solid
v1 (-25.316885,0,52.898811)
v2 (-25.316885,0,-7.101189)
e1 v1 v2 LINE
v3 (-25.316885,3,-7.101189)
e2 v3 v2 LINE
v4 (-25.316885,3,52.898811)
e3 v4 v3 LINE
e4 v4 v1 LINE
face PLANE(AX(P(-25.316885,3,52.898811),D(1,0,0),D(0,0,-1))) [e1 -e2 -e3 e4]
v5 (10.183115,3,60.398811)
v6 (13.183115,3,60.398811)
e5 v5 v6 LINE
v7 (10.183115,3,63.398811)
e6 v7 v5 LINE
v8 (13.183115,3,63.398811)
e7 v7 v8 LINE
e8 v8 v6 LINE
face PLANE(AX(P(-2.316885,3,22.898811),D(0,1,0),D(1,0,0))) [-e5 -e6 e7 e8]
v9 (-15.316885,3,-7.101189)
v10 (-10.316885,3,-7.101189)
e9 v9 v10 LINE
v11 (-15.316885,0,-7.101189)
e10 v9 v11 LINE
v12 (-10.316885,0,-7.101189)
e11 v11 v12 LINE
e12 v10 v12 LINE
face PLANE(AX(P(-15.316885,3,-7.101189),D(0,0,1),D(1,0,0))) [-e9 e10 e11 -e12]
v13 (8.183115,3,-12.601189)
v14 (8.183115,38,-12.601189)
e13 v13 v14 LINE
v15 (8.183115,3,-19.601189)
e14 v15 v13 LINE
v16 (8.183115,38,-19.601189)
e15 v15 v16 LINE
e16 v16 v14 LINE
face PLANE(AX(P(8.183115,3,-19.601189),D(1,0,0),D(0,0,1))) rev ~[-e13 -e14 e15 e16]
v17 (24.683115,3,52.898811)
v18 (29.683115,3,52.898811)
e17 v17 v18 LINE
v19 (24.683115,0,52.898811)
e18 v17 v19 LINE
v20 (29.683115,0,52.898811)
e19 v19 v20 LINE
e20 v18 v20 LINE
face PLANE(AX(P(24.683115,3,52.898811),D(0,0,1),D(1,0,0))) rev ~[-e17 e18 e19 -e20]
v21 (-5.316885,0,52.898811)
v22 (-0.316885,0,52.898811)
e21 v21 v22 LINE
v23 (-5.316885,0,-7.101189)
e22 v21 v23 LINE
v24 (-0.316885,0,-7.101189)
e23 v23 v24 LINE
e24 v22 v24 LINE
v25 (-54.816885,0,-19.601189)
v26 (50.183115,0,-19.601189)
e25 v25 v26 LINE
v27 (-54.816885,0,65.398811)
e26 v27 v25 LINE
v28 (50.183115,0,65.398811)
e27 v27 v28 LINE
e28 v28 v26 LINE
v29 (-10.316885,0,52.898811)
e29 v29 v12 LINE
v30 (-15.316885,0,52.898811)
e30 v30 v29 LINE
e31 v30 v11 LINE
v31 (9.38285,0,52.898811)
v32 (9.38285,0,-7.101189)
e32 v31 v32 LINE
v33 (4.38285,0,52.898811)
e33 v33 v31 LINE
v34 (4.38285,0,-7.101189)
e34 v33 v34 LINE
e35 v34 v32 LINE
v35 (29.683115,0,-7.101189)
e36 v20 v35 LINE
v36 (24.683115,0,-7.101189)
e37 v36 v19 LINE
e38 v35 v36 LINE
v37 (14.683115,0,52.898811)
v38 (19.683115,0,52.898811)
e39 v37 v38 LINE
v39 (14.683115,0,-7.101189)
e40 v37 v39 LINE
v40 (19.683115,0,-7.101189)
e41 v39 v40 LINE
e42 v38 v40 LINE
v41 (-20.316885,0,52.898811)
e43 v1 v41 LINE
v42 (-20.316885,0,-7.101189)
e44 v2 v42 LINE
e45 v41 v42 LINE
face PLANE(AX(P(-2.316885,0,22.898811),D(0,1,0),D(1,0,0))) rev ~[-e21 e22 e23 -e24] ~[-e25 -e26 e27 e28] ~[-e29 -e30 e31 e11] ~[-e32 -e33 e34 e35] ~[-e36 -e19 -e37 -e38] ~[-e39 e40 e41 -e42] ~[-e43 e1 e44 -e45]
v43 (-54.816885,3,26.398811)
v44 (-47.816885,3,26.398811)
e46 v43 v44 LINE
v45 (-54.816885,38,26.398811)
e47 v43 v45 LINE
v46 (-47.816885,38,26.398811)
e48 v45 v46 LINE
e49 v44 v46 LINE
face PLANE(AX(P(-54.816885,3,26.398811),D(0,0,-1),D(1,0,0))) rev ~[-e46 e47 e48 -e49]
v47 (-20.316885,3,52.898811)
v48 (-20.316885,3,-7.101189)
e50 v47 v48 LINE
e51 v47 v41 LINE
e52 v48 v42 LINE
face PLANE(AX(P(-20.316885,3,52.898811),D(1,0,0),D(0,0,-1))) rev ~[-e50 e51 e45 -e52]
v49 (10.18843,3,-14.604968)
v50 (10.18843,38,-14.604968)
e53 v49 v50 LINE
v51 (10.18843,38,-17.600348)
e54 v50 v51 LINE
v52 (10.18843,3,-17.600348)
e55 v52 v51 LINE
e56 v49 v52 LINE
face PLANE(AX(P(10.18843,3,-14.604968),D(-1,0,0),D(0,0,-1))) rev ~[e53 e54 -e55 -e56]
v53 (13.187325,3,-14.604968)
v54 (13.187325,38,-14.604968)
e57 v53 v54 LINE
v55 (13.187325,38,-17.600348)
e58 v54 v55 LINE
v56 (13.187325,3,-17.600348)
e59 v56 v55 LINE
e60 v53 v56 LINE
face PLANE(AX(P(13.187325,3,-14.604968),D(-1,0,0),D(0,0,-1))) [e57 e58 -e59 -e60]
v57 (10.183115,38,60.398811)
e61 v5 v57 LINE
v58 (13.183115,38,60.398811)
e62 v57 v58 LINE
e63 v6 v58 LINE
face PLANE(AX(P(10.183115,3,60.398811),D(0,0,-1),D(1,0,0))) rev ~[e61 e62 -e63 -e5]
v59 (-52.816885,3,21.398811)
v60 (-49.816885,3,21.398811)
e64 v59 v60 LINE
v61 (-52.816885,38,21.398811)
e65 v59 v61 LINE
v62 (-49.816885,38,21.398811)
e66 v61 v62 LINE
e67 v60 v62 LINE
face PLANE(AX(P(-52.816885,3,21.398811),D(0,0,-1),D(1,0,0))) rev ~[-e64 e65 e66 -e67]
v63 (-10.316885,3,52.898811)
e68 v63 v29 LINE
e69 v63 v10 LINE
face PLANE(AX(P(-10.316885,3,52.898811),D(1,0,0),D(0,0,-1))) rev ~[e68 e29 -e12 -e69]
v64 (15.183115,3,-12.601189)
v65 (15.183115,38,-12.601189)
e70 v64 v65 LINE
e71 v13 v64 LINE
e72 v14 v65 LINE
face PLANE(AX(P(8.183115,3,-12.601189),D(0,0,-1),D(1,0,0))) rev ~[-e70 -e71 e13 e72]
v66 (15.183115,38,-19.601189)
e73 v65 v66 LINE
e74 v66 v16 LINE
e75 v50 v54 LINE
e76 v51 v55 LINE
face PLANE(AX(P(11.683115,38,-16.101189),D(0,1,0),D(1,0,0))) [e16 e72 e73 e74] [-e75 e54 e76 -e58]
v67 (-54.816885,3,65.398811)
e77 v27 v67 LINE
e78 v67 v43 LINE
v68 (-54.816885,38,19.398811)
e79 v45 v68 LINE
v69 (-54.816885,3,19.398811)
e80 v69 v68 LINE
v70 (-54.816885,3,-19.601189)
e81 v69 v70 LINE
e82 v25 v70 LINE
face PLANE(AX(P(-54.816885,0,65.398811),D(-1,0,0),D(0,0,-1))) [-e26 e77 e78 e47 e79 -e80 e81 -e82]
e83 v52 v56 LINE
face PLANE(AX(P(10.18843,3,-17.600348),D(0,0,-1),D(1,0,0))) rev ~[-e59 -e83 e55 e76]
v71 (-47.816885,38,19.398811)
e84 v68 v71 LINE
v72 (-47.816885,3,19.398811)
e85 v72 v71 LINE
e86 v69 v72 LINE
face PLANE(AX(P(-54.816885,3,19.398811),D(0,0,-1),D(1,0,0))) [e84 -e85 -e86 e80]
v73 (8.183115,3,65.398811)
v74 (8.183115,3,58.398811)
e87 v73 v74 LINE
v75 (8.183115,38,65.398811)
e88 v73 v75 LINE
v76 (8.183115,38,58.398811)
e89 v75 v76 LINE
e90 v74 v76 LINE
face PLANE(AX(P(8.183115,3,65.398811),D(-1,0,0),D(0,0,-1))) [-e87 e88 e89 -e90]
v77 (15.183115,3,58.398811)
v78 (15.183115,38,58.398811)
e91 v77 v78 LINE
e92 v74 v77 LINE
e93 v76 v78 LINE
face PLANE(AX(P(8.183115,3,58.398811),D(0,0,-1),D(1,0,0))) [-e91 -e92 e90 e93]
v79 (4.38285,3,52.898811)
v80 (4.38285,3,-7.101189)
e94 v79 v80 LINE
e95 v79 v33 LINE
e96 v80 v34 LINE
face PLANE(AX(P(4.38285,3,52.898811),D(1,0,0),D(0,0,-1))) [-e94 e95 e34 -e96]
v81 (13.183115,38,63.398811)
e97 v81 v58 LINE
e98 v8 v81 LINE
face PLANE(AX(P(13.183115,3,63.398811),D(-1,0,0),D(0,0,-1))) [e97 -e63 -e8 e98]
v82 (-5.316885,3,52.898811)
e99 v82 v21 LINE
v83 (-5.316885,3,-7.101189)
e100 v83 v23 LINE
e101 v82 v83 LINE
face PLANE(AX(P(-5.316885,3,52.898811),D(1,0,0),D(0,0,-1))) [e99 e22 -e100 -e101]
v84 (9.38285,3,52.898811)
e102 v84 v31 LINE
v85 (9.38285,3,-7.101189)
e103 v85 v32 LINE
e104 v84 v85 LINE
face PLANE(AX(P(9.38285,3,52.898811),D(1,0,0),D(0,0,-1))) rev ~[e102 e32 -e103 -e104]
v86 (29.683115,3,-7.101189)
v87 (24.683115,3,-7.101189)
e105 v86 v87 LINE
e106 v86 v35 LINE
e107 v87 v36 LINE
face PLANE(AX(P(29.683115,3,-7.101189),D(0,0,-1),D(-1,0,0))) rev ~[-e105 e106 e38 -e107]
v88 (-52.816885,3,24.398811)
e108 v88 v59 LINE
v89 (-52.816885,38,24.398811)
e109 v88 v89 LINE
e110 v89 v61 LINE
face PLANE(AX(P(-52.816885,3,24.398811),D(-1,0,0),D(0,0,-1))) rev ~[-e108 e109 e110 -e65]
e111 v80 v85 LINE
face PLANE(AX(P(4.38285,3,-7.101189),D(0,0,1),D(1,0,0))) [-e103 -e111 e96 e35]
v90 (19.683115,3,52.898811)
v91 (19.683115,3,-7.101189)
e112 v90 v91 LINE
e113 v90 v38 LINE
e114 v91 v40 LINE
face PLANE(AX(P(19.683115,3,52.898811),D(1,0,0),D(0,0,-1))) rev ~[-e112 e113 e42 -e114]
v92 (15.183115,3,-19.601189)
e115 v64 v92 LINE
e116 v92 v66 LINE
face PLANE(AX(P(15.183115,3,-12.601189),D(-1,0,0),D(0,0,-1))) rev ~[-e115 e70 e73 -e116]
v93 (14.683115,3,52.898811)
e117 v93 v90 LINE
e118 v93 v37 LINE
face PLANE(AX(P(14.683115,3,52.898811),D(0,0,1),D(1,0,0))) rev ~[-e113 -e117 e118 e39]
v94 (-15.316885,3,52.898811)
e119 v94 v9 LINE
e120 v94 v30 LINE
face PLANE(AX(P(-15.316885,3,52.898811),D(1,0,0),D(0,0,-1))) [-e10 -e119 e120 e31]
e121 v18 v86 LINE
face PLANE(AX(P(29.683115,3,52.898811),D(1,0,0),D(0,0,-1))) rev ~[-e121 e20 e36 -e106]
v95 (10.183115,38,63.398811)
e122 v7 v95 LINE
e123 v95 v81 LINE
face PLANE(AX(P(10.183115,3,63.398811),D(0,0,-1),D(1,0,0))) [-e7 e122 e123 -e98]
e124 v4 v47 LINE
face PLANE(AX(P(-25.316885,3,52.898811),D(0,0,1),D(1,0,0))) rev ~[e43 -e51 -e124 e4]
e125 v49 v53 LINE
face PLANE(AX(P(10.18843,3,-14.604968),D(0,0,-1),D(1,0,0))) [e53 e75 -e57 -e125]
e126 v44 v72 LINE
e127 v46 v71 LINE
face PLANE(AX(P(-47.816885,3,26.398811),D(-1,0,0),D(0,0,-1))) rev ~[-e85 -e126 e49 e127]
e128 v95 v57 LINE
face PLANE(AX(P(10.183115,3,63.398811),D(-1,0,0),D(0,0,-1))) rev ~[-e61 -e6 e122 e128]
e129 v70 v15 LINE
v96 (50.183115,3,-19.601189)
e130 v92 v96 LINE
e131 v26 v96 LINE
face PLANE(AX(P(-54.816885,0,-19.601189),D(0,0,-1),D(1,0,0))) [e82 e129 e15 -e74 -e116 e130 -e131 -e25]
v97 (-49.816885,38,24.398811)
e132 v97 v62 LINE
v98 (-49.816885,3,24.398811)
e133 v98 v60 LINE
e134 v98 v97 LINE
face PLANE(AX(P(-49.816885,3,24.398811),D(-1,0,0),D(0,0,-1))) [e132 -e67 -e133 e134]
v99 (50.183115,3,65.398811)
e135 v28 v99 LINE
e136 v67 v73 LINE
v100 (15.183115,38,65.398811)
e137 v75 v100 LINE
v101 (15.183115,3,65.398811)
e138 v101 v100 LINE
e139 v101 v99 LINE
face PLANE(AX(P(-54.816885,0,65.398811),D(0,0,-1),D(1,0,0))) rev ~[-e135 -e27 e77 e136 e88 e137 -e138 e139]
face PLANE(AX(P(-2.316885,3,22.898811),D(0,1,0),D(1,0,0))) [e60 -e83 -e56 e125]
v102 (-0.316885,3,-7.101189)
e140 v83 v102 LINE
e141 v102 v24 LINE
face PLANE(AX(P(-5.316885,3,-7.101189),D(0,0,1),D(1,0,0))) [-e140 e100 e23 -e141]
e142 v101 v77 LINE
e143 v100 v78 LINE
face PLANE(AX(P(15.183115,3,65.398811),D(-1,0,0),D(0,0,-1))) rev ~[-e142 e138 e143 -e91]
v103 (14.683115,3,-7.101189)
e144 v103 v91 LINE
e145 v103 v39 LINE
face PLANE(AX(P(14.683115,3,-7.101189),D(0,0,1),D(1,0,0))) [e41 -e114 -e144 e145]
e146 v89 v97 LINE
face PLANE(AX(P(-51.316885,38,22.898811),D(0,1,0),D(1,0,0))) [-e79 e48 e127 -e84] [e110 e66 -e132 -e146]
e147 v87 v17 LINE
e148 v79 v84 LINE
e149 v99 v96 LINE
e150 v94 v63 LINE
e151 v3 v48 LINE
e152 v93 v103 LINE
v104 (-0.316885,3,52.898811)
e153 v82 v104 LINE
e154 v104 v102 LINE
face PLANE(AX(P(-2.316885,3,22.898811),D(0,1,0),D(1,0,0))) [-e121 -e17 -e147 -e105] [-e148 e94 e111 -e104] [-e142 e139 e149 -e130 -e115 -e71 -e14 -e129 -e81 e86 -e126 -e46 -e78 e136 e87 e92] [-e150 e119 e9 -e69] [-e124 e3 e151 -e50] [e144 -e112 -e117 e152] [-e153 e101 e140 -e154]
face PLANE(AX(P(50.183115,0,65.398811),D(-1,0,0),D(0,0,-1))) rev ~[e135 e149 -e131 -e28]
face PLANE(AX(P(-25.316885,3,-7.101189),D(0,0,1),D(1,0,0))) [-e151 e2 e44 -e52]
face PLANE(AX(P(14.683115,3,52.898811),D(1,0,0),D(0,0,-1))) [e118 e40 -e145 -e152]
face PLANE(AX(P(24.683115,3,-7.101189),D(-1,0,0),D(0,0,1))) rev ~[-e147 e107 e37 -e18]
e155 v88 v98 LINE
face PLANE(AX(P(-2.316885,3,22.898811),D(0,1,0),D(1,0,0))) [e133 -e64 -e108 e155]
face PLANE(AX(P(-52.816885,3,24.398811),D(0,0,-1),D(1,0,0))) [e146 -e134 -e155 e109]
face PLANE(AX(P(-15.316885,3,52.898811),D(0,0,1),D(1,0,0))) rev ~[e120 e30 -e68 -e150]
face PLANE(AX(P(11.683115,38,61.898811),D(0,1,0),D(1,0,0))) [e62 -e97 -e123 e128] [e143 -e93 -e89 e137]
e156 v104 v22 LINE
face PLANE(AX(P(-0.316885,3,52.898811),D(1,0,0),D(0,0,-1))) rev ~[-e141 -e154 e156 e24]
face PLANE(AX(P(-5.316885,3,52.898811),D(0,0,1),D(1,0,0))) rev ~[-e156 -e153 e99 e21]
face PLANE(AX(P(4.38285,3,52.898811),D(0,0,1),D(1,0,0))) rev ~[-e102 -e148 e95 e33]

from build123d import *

# Parameters (mm, degrees)
SKETCH3_W           = 105
SKETCH3_H           = 85
BOSS_EXTRUDE3_DEPTH = 3
SKETCH5_W           = 7
SKETCH5_H           = 7
SKETCH5_W_2         = 3
SKETCH5_H_2         = 3
BOSS_EXTRUDE4_DEPTH = 35
SKETCH9_W           = 2.998895248
SKETCH9_H           = 2.995380601
BOSS_EXTRUDE5_DEPTH = 35
SKETCH11_W          = 7
SKETCH11_H          = 7
SKETCH11_W_2        = 3
SKETCH11_H_2        = 3
BOSS_EXTRUDE6_DEPTH = 35
CUT_EXTRUDE1_DEPTH  = 6
SKETCH14_W          = 5
SKETCH14_H          = 60
CUT_EXTRUDE3_DEPTH  = 33
SKETCH17_W          = 5
SKETCH17_H          = 60
CUT_EXTRUDE4_DEPTH  = 15


with BuildPart() as part:
    # Sketch3 → Boss-Extrude3 (new body)
    with BuildSketch(Plane(origin=(0, 0, 0), x_dir=(1, 0, 0), z_dir=(0, 1, 0))):
        with Locations((-2.316884661, -22.898810939)):
            Rectangle(SKETCH3_W, SKETCH3_H)
    extrude(amount=BOSS_EXTRUDE3_DEPTH)

    # Sketch5 → Boss-Extrude4 (add)
    with BuildSketch(Plane(origin=(0, 3, 0), x_dir=(1, 0, 0), z_dir=(0, 1, 0))):
        with Locations((11.683115339, -61.898810939)):
            Rectangle(SKETCH5_W, SKETCH5_H)
        with Locations((11.683115339, -61.898810939)):
            Rectangle(SKETCH5_W_2, SKETCH5_H_2, mode=Mode.SUBTRACT)
    extrude(amount=BOSS_EXTRUDE4_DEPTH)

    # Sketch9 → Boss-Extrude5 (add)
    with BuildSketch(Plane(origin=(0, 3, 0), x_dir=(1, 0, 0), z_dir=(0, 1, 0))):
        Polygon((15.183115339, 12.601189061), (15.183115339, 19.601189061), (8.183115339, 19.601189061), (8.183115339, 17.600348451), (8.183115339, 12.601189061), align=None)
        with Locations((11.687877227, 16.102658151)):
            Rectangle(SKETCH9_W, SKETCH9_H, mode=Mode.SUBTRACT)
    extrude(amount=BOSS_EXTRUDE5_DEPTH)

    # Sketch11 → Boss-Extrude6 (add)
    with BuildSketch(Plane(origin=(0, 3, 0), x_dir=(1, 0, 0), z_dir=(0, 1, 0))):
        with Locations((-51.316884661, -22.898810939)):
            Rectangle(SKETCH11_W, SKETCH11_H)
        with Locations((-51.316884661, -22.898810939)):
            Rectangle(SKETCH11_W_2, SKETCH11_H_2, mode=Mode.SUBTRACT)
    extrude(amount=BOSS_EXTRUDE6_DEPTH)

    # Sketch12 → Cut-Extrude1 (cut)
    with BuildSketch(Plane(origin=(0, 3, 0), x_dir=(1, 0, 0), z_dir=(0, 1, 0))):
        Polygon((29.683115339, -52.898810939), (29.683115339, -48.898810939), (29.683115339, 3.101189061), (29.683115339, 7.101189061), (24.683115339, 7.101189061), (24.683115339, -52.898810939), align=None)
    extrude(amount=-CUT_EXTRUDE1_DEPTH, mode=Mode.SUBTRACT)

    # Sketch14 → Cut-Extrude3 (cut)
    with BuildSketch(Plane(origin=(0, 3, 0), x_dir=(1, 0, 0), z_dir=(0, 1, 0))):
        with Locations((17.183115339, -22.898810939)):
            Rectangle(SKETCH14_W, SKETCH14_H)
        with Locations((-2.816884661, -22.898810939)):
            Rectangle(SKETCH14_W, SKETCH14_H)
        with Locations((-22.816884661, -22.898810939)):
            Rectangle(SKETCH14_W, SKETCH14_H)
        with Locations((-12.816884661, -22.898810939)):
            Rectangle(SKETCH14_W, SKETCH14_H)
    extrude(amount=-CUT_EXTRUDE3_DEPTH, mode=Mode.SUBTRACT)

    # Sketch17 → Cut-Extrude4 (cut)
    with BuildSketch(Plane(origin=(0, 3, 0), x_dir=(1, 0, 0), z_dir=(0, 1, 0))):
        with Locations((6.882849783, -22.898810939)):
            Rectangle(SKETCH17_W, SKETCH17_H)
    extrude(amount=-CUT_EXTRUDE4_DEPTH, mode=Mode.SUBTRACT)


solid = part.part
